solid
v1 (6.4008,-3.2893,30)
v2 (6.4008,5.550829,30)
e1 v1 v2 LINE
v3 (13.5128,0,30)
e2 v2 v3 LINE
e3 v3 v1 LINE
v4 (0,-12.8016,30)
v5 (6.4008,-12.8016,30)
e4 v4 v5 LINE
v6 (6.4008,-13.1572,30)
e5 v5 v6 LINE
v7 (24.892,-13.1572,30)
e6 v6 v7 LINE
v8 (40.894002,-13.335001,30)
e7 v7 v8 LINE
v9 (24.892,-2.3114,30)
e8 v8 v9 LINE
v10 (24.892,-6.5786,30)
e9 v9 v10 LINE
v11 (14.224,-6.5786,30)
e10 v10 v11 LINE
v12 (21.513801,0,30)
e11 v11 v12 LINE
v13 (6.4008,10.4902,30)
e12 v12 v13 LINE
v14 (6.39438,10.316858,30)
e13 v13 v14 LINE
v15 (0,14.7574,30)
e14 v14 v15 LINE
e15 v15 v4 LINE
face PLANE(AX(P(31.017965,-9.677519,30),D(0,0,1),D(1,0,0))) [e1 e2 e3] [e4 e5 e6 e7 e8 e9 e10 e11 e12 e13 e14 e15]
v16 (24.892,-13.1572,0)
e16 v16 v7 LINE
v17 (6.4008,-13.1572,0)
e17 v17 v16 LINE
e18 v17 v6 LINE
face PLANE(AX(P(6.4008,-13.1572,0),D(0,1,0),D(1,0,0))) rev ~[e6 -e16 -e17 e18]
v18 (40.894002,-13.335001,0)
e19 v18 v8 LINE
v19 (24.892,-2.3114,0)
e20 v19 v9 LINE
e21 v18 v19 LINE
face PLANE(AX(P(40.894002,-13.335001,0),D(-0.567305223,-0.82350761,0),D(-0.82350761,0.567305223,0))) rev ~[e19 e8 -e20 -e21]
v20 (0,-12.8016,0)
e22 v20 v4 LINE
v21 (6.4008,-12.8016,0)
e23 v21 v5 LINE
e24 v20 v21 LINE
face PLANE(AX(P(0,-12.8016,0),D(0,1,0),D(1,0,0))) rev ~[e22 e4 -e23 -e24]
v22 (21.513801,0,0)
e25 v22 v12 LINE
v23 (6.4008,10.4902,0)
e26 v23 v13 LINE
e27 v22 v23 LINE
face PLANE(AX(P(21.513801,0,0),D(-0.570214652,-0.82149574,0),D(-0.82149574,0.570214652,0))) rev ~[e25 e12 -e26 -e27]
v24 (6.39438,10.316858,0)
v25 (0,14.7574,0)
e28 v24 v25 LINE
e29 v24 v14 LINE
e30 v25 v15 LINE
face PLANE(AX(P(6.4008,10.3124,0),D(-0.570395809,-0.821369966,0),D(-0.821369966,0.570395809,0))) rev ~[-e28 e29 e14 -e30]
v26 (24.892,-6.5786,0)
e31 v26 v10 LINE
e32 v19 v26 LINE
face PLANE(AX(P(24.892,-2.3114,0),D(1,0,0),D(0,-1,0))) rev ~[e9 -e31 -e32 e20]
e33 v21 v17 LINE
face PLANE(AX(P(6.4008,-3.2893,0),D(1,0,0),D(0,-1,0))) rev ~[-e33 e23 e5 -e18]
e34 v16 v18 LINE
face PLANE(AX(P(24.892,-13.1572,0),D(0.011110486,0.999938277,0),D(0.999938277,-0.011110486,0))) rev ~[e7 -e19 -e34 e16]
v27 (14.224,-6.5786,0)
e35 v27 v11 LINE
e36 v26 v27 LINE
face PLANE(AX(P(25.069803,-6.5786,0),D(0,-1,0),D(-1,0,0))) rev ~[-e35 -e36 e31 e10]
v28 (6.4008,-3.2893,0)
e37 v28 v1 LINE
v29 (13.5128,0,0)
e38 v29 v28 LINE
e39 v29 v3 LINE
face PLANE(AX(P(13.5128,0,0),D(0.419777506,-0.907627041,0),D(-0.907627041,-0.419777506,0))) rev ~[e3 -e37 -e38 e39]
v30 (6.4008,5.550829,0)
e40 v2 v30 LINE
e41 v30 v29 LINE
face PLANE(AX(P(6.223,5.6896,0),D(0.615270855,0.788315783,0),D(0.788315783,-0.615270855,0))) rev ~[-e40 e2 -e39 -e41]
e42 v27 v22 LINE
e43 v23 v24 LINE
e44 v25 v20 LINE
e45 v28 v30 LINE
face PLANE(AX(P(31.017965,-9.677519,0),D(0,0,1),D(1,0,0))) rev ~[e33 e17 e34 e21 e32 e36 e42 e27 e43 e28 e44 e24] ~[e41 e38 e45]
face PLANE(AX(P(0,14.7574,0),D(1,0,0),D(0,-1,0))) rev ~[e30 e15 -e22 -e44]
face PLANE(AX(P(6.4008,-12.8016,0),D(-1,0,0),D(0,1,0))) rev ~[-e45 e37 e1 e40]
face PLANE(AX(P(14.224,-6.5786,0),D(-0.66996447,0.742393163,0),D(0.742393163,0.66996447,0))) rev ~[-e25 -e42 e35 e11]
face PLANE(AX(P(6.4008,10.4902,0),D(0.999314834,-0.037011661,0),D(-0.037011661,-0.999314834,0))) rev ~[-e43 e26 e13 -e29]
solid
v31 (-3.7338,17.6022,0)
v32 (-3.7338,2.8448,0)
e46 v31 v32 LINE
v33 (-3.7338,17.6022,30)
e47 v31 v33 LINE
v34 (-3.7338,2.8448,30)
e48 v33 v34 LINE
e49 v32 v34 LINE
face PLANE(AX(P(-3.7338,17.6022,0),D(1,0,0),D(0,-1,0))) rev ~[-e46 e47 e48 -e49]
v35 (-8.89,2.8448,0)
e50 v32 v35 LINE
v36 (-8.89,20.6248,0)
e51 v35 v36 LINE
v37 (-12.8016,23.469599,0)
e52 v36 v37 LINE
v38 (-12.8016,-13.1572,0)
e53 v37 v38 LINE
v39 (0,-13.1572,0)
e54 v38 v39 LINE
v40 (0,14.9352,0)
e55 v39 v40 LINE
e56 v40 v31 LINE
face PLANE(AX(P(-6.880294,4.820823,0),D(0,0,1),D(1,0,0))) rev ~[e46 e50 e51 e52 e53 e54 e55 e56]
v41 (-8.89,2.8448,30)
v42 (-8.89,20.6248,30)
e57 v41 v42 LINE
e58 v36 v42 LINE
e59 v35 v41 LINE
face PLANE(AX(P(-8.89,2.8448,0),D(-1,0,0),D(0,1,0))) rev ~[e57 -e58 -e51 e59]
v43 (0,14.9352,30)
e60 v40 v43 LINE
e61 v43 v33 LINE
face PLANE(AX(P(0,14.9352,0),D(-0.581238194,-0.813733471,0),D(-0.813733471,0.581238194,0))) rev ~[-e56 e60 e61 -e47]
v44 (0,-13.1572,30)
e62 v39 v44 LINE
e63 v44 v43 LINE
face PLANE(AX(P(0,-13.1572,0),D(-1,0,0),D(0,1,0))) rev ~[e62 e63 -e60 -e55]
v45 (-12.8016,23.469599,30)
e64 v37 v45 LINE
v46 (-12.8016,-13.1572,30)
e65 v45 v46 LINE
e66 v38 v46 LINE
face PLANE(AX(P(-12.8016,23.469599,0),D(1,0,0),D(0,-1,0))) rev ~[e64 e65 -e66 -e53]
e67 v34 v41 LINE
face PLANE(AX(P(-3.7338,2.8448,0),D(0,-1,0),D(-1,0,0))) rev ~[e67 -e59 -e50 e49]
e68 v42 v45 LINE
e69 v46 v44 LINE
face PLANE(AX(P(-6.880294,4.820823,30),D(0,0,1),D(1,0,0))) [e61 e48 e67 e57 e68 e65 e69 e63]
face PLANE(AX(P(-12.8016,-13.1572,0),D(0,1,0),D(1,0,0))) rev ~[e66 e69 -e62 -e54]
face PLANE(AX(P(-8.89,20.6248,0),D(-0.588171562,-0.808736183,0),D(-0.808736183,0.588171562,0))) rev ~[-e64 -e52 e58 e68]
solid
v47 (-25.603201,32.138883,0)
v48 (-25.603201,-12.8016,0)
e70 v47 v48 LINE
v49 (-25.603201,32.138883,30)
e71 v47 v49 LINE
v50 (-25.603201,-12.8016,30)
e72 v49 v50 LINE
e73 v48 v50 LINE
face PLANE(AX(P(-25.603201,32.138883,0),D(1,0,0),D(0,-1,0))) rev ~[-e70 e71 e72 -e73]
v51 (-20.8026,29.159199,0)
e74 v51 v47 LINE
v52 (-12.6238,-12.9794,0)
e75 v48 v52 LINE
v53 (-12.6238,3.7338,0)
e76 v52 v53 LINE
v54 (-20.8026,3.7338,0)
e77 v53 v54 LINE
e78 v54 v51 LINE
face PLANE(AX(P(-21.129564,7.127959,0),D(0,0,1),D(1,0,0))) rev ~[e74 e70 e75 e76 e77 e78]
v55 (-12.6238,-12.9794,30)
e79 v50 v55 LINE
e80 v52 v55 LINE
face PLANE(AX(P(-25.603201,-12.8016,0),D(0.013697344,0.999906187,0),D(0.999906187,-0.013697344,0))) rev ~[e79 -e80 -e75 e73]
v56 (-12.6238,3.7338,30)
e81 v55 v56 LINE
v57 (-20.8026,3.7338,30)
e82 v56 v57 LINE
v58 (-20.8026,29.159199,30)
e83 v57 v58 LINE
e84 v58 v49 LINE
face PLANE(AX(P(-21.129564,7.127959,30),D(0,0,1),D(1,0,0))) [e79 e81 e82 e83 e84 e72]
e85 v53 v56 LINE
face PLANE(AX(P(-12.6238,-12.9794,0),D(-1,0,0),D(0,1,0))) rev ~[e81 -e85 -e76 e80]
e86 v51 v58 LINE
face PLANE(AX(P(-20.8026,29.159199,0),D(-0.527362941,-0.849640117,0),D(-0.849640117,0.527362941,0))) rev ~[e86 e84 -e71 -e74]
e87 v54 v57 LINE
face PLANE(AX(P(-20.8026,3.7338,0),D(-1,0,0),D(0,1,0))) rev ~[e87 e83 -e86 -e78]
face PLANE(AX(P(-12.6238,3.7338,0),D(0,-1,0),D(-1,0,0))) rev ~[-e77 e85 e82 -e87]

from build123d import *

# Parameters (mm, degrees)
F5_DEPTH = 30
F6_DEPTH = 30
F7_DEPTH = 30
F8_DEPTH = 30
F9_DEPTH = 30


with BuildPart() as f5:
    # F0 (on Top) → F5 (new body)
    with BuildSketch(Plane.XY):
        Polygon((-20.8026, 29.159199), (-25.603201, 32.138883), (-25.603201, -12.8016), (-12.6238, -12.9794), (-12.6238, 3.7338), (-20.8026, 3.7338), align=None)
    extrude(amount=F5_DEPTH)


with BuildPart() as f6:
    # F2 (on Top) → F6 (new body)
    with BuildSketch(Plane.XY):
        Polygon((6.4008, 10.3124), (0, 14.7574), (0, -12.8016), (6.4008, -12.8016), align=None)
    extrude(amount=F6_DEPTH)

    # F3 (on Top) → F8 (join)
    with BuildSketch(Plane.XY):
        Polygon((21.513801, 0), (6.4008, 10.4902), (6.223, 5.6896), (13.5128, 0), (6.4008, -3.2893), (6.4008, -13.1572), (25.069803, -13.1572), (25.069803, -6.5786), (14.224, -6.5786), align=None)
    extrude(amount=F8_DEPTH)

    # F4 (on Top) → F9 (join)
    with BuildSketch(Plane.XY):
        Polygon((24.892, -2.3114), (24.892, -13.1572), (40.894002, -13.335001), align=None)
    extrude(amount=F9_DEPTH)


with BuildPart() as f7:
    # F1 (on Top) → F7 (new body)
    with BuildSketch(Plane.XY):
        Polygon((-12.8016, 23.469599), (-12.8016, -13.1572), (0, -13.1572), (0, 14.9352), (-3.7338, 17.6022), (-3.7338, 2.8448), (-8.89, 2.8448), (-8.89, 20.6248), align=None)
    extrude(amount=F7_DEPTH)


solid = Compound([f5.part, f6.part, f7.part])
